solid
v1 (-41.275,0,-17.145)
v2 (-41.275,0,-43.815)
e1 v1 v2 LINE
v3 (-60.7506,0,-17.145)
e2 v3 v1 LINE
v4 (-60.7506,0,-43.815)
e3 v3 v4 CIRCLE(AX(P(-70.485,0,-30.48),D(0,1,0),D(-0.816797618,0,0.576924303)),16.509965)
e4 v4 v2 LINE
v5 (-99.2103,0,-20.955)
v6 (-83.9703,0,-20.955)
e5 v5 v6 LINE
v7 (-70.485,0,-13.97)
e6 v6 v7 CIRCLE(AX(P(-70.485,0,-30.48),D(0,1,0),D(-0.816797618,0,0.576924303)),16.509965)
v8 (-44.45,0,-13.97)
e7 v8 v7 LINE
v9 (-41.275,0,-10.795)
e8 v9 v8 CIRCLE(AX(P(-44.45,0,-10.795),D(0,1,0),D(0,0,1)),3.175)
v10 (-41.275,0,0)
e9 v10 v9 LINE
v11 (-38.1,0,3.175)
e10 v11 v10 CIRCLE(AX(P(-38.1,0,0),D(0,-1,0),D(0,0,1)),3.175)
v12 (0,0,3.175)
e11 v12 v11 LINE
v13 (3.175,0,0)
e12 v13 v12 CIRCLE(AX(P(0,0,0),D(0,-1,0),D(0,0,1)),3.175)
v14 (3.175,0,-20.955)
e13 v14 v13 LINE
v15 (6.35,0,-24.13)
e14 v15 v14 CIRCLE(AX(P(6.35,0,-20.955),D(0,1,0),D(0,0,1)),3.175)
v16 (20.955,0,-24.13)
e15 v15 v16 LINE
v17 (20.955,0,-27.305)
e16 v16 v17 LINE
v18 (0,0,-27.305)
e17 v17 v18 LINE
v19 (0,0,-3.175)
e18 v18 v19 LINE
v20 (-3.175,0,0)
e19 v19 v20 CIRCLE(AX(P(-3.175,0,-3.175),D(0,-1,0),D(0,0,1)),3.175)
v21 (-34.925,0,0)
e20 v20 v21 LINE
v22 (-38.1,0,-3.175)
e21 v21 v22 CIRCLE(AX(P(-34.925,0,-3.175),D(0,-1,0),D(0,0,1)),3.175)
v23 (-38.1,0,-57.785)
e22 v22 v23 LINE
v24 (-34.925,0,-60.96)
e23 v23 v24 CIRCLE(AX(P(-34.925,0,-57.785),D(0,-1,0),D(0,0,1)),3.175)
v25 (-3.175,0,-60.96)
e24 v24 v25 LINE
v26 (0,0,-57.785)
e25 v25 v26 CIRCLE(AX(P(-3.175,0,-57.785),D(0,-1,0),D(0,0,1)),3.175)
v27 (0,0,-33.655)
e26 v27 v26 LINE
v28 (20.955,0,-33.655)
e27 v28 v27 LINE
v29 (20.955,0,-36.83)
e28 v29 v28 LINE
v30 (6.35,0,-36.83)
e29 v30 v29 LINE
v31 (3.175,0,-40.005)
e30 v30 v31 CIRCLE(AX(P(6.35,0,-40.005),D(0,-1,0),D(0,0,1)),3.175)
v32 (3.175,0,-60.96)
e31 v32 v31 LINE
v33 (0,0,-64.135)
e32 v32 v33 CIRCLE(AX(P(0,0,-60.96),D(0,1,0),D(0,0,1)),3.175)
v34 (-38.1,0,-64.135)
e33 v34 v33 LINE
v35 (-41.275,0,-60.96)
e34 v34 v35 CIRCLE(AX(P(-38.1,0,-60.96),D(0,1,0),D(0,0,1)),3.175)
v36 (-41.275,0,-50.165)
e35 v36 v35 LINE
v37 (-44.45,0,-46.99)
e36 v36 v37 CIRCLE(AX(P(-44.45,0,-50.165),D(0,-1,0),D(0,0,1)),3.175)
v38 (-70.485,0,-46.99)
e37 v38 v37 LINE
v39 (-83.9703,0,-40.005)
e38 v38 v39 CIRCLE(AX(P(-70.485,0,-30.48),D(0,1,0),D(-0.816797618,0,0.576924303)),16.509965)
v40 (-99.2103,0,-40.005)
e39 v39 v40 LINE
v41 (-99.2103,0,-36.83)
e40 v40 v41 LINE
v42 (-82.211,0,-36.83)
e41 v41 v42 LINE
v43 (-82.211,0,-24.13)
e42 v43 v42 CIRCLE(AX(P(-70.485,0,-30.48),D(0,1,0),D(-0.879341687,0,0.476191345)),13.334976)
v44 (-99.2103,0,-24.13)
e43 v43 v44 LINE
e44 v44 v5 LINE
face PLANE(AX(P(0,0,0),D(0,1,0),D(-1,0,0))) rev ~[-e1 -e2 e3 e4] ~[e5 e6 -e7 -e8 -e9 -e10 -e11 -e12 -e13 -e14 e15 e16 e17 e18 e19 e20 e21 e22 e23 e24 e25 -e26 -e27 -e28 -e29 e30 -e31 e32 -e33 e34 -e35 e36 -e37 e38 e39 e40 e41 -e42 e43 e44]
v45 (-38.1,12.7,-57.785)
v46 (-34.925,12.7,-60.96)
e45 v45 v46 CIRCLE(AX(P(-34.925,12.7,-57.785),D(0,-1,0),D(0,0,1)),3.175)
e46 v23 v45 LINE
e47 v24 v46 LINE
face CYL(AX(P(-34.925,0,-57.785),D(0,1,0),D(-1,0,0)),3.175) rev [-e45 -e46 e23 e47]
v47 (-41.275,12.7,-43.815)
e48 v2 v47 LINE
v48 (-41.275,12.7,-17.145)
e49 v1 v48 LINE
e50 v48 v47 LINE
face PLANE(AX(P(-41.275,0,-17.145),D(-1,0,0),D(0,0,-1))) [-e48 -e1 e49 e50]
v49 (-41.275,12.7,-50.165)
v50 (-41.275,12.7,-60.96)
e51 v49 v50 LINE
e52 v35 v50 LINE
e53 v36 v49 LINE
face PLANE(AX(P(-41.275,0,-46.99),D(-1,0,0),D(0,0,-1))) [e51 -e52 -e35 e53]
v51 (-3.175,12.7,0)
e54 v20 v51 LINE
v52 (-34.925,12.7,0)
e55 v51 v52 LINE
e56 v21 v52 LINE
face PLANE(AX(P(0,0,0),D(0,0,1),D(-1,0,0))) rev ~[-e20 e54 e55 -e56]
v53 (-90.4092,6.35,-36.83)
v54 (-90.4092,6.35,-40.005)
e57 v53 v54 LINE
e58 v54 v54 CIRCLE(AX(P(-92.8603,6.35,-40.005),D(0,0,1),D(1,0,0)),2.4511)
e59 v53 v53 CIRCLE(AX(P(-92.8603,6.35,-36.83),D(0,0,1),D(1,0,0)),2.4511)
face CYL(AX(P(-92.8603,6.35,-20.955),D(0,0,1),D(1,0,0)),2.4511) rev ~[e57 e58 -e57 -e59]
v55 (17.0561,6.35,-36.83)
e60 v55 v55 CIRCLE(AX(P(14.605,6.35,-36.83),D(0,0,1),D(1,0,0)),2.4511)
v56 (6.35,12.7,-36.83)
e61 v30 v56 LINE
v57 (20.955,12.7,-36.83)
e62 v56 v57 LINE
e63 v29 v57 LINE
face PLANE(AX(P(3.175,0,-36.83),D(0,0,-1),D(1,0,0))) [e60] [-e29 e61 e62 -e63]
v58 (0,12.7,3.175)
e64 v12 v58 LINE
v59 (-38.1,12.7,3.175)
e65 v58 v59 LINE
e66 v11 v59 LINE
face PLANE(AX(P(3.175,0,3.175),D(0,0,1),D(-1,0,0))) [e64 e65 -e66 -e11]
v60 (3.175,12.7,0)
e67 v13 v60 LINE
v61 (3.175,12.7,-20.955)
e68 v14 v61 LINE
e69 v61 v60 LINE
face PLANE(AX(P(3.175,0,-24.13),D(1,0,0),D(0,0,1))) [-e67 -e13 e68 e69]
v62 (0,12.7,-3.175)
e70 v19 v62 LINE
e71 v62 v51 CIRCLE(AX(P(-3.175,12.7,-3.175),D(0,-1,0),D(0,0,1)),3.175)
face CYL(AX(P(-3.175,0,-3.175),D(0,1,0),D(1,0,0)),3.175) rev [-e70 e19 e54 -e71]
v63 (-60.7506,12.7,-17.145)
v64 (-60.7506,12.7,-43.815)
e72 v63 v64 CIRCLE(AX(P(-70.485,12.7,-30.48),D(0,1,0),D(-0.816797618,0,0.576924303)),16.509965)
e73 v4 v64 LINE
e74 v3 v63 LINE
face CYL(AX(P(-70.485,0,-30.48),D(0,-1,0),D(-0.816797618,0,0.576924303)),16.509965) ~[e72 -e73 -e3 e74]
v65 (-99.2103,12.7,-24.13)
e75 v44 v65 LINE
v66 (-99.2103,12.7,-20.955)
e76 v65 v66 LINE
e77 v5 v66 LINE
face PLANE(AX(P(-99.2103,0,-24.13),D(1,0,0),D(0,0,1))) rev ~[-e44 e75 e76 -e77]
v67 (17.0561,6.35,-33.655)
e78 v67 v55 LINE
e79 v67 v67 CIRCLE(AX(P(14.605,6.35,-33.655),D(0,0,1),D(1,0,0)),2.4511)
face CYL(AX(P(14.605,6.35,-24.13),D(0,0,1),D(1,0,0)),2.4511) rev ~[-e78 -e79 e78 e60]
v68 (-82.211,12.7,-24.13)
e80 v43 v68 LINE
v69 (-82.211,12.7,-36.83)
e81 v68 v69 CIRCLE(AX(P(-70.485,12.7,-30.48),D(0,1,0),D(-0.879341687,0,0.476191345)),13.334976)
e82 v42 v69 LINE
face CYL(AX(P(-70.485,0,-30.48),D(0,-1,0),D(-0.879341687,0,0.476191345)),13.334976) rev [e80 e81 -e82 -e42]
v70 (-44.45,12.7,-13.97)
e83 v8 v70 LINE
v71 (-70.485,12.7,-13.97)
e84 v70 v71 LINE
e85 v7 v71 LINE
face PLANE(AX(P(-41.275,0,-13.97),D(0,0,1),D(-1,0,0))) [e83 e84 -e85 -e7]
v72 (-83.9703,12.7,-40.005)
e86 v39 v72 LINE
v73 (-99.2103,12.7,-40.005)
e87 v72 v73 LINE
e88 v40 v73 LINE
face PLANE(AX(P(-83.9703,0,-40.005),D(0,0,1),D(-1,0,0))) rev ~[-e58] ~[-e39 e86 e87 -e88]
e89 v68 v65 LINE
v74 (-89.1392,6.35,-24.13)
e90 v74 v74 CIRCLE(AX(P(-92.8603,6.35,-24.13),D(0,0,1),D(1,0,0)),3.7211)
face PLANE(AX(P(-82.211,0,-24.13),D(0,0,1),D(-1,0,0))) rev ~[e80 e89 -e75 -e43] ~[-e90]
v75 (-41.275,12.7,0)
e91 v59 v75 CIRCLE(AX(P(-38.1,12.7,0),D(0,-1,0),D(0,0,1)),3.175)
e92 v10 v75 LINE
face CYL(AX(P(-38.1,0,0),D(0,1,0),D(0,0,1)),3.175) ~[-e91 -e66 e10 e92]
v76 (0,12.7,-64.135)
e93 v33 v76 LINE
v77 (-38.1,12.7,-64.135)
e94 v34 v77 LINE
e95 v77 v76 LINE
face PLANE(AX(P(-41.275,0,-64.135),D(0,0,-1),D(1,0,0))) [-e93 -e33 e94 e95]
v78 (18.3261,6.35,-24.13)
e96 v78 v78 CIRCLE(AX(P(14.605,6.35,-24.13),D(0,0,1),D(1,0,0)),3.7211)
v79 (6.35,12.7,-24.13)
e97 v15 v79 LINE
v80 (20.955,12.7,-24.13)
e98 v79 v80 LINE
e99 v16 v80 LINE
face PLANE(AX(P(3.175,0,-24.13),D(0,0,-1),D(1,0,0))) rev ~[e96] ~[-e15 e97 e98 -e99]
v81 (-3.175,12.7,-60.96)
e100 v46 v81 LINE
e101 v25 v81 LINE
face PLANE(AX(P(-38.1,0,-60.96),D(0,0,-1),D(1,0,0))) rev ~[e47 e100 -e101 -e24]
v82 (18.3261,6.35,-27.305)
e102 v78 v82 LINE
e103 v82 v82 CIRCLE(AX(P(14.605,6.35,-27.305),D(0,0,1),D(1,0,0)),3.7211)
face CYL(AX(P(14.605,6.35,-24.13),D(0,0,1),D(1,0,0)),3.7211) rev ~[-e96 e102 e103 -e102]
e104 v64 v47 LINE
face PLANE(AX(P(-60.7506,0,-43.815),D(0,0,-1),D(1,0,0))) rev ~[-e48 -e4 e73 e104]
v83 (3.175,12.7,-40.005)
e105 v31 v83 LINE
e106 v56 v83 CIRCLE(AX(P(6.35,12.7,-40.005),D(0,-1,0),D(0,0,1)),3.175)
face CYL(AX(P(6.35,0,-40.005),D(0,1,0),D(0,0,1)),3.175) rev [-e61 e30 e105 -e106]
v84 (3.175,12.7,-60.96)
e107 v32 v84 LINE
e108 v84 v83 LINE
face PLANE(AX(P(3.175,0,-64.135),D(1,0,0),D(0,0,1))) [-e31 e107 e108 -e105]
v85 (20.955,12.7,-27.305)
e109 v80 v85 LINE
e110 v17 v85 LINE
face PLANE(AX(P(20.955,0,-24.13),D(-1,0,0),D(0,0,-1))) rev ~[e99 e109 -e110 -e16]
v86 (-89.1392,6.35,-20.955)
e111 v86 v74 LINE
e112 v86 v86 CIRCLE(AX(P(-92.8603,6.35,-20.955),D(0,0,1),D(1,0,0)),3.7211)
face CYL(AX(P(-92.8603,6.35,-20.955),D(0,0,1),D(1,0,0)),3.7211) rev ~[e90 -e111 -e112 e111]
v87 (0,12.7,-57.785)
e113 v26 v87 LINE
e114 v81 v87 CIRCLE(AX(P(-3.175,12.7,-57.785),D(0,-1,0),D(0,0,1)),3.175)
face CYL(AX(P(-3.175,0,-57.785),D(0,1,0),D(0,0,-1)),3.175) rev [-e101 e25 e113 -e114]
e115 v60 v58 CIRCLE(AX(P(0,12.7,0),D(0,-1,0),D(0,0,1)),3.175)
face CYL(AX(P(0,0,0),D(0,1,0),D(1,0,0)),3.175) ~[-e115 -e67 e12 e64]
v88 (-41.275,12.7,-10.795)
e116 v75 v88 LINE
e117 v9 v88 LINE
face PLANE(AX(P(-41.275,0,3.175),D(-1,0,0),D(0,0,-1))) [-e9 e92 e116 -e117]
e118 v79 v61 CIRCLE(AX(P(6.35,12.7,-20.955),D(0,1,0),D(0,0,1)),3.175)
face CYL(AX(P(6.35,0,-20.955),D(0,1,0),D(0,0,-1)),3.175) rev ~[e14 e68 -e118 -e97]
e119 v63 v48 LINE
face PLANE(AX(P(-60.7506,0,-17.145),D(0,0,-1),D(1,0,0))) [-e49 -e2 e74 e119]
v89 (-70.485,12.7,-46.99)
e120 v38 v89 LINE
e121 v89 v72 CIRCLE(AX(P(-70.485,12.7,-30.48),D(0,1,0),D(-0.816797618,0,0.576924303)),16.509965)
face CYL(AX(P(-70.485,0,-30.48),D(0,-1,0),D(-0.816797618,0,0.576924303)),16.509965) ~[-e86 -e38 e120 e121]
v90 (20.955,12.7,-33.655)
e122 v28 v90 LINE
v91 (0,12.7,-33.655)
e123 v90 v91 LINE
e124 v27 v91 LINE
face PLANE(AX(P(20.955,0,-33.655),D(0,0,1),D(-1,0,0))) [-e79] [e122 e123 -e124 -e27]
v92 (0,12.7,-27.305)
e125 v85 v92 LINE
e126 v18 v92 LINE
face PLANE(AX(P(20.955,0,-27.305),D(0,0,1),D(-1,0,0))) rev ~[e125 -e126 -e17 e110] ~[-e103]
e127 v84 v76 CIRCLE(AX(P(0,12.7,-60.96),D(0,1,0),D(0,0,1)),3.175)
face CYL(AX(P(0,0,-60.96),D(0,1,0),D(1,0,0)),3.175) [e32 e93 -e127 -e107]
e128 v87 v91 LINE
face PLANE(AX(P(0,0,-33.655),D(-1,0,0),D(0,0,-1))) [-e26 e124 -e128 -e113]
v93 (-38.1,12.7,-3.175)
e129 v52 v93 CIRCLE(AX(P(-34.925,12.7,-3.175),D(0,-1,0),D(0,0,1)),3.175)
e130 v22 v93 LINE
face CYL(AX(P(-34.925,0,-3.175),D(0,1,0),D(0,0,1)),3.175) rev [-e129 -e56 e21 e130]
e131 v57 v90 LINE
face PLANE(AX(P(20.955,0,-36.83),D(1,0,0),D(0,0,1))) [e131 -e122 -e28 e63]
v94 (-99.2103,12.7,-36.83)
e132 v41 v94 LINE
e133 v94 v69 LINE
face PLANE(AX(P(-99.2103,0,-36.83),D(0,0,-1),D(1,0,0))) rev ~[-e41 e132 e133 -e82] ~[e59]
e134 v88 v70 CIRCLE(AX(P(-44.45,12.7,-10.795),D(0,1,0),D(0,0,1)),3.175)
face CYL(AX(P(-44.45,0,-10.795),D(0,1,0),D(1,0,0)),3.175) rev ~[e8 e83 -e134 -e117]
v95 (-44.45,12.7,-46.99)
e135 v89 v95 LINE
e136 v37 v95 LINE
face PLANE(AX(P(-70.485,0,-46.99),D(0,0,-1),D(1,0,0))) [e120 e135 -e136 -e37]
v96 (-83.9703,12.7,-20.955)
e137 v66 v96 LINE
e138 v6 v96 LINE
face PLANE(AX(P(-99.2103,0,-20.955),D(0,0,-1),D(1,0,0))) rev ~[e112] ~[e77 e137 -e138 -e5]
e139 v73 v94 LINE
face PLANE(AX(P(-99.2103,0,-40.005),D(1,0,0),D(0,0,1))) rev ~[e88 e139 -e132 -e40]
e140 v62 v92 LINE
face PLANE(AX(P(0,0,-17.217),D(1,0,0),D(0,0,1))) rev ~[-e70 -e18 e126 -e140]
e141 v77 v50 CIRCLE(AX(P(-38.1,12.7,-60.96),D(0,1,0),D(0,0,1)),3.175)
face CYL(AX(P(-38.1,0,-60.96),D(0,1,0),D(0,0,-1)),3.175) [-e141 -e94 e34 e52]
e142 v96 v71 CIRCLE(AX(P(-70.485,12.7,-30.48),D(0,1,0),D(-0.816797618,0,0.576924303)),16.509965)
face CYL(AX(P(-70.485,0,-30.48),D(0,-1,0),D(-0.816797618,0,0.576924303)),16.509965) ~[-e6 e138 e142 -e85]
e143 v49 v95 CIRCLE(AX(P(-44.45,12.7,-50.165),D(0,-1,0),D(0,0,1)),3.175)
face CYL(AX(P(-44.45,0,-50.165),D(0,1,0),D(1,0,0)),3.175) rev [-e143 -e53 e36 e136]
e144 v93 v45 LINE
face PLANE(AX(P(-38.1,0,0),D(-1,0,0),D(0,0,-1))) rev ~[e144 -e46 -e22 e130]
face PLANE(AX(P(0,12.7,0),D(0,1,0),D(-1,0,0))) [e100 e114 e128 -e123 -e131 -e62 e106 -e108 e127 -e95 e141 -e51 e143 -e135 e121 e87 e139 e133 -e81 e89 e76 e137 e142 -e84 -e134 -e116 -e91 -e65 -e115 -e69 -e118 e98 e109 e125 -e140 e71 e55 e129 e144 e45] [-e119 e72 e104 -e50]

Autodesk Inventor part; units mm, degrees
ref_plane "YZ Plane" through (0, 0, 0) normal (1, 0, 0) x (0, 1, 0)
ref_plane "XZ Plane" through (0, 0, 0) normal (0, 1, 0) x (-1, 0, 0)
ref_plane "XY Plane" through (0, 0, 0) normal (0, 0, 1) x (1, 0, 0)
sketch "Sketch1" plane through (0, 0, 0) normal (0, 1, 0) x (-1, 0, 0)
  line L0 (0, 0) -> (38.1, 0)
  line L1 (38.1, 0) -> (38.1, -60.96)
  line L2 (38.1, -60.96) -> (0, -60.96)
  line L3 (-3.175, 3.175) -> (41.275, 3.175)
  line L4 (41.275, 3.175) -> (41.275, -64.135)
  line L5 (41.275, -64.135) -> (-3.175, -64.135)
  line L6 (-3.175, -36.83) -> (-20.955, -36.83)
  line L7 (-20.955, -36.83) -> (-20.955, -33.655)
  line L8 (-20.955, -33.655) -> (0, -33.655)
  line L9 (0, -33.655) -> (0, -44.417)
  line L10 (-3.175, -24.13) -> (-20.955, -24.13)
  line L11 (-20.955, -24.13) -> (-20.955, -27.305)
  line L12 (-20.955, -27.305) -> (0, -27.305)
  line L13 (0, -27.305) -> (0, -17.217)
  line L14 (0, -60.96) -> (0, -33.655)
  line L15 (0, -27.305) -> (0, 0)
  line L16 (-3.175, -24.13) -> (-3.175, 3.175)
  line L17 (-3.175, -64.135) -> (-3.175, -36.83)
  arc A0 (82.211, -24.13) -> (82.211, -36.83) centre (70.485, -30.48) ccw
  line L18 (99.2103, -36.83) -> (82.211, -36.83)
  line L19 (99.2103, -40.005) -> (99.2103, -36.83)
  line L20 (82.211, -24.13) -> (99.2103, -24.13)
  line L21 (99.2103, -24.13) -> (99.2103, -20.955)
  line L22 (99.2103, -20.955) -> (83.9703, -20.955)
  line L23 (83.9703, -40.005) -> (99.2103, -40.005)
  arc A1 (83.9703, -20.955) -> (83.9703, -40.005) centre (70.485, -30.48) ccw
  line L24 (41.275, -13.97) -> (70.485, -13.97)
  line L25 (70.485, -46.99) -> (41.275, -46.99)
  line L26 (60.7506, -17.145) -> (41.275, -17.145)
  line L27 (60.7506, -43.815) -> (41.275, -43.815)
  point P0 (41.275, -30.48)
  dimension "d0" = 38.1
  dimension "d1" = 60.96
  dimension "d2" = 3.175
  dimension "d3" = 3.175
  dimension "d4" = 3.175
  dimension "d5" = 3.175
  dimension "d6" = 3.175
  dimension "d7" = 3.175
  dimension "d8" = 3.175
  dimension "d9" = 17.78
  dimension "d10" = 6.35
  dimension "d23" = 26.67
  dimension "d25" = 3.175
  dimension "d27" = 15.24
  dimension "d28" = 6.35
  dimension "d29" = 6.35
  dimension "d30" = 3.175
  dimension "d31" = 3.175
  dimension "d32" = 12.7
  dimension "d33" = 3.175
  dimension "d34" = 3.175
extrude "Extrusion1" add sketch "Sketch1" along normal blind 12.7 contours L15 L13 L12 L11 L10 L16 L3 L4 L5 L17 L6 L7 L8 L9 L14 L2 L1 L0 | L24 A1 L26 L4 | A1 L22 L21 L20 A0 L18 L19 L23 | L27 A1 L25 L4
sketch "Sketch2" plane through (3.175, 0, -24.13) normal (0, 0, 1) x (1, 0, 0)
  circle A0 centre (11.43, 6.35) radius 2.4511
  line L0 (0, 12.7) -> (17.78, 12.7) projected
  line L1 (17.78, 0) -> (17.78, 12.7) projected
  point P0 (-3.175, 0)
  dimension "d13" = 4.9022
  dimension "d14" = 6.35
  dimension "d15" = 6.35
extrude "Extrusion2" cut sketch "Sketch2" against normal blind 23.8125
sketch "Sketch3" plane through (3.175, 0, -24.13) normal (0, 0, 1) x (1, 0, 0)
  circle A0 centre (11.43, 6.35) radius 2.4511 projected
  circle A1 centre (11.43, 6.35) radius 3.7211
  point P0 (-3.175, 0)
  dimension "d18" = 1.27
extrude "Extrusion3" cut sketch "Sketch3" against normal blind 9.525
fillet "Fillet1" radius 3.175 4 edges at (-38.1, 6.35, -60.96) (0, 6.35, -60.96) (0, 6.35, 0) (-38.1, 6.35, 0)
fillet "Fillet2" radius 3.175 8 edges at (-41.275, 6.35, 3.175) (-41.275, 6.35, -64.135) (3.175, 6.35, -64.135) (3.175, 6.35, 3.175) (3.175, 6.35, -24.13) (3.175, 6.35, -36.83) (-41.275, 6.35, -13.97) (-41.275, 6.35, -46.99)
sketch "Sketch4" plane through (-99.2103, 0, -20.955) normal (0, 0, 1) x (1, 0, 0)
  circle A0 centre (6.35, 6.35) radius 2.4511
  line L0 (0, 12.7) -> (15.24, 12.7) projected
  line L1 (0, 0) -> (0, 12.7) projected
  point P0 (99.2103, 0)
  dimension "d35" = 4.9022
  dimension "d36" = 6.35
  dimension "d37" = 6.35
extrude "Extrusion4" cut sketch "Sketch4" against normal blind 23.8125
sketch "Sketch5" plane through (-99.2103, 0, -20.955) normal (0, 0, 1) x (1, 0, 0)
  circle A0 centre (6.35, 6.35) radius 2.4511 projected
  circle A1 centre (6.35, 6.35) radius 3.7211
  point P0 (99.2103, 0)
  dimension "d40" = 1.27
extrude "Extrusion5" cut sketch "Sketch5" against normal blind 9.525
equation "\"d3\" = d2"
equation "\"d4\" = d2"
equation "\"d5\" = d2"
equation "\"d6\" = d2"
equation "\"d7\" = d2"
equation "\"d8\" = d2"
equation "\"d25\" = d2"
equation "\"d29\" = d28"
equation "\"d30\" = d2"
equation "\"d31\" = d2"
equation "\"d33\" = d2"
equation "\"d34\" = d2"
equation "\"d15\" = d14"
equation "\"d37\" = d36"
equation "\"d24\" = d2"
equation "\"d26\" = d2"
properties part number "kinect mount" material "PC/ABS Plastic"
